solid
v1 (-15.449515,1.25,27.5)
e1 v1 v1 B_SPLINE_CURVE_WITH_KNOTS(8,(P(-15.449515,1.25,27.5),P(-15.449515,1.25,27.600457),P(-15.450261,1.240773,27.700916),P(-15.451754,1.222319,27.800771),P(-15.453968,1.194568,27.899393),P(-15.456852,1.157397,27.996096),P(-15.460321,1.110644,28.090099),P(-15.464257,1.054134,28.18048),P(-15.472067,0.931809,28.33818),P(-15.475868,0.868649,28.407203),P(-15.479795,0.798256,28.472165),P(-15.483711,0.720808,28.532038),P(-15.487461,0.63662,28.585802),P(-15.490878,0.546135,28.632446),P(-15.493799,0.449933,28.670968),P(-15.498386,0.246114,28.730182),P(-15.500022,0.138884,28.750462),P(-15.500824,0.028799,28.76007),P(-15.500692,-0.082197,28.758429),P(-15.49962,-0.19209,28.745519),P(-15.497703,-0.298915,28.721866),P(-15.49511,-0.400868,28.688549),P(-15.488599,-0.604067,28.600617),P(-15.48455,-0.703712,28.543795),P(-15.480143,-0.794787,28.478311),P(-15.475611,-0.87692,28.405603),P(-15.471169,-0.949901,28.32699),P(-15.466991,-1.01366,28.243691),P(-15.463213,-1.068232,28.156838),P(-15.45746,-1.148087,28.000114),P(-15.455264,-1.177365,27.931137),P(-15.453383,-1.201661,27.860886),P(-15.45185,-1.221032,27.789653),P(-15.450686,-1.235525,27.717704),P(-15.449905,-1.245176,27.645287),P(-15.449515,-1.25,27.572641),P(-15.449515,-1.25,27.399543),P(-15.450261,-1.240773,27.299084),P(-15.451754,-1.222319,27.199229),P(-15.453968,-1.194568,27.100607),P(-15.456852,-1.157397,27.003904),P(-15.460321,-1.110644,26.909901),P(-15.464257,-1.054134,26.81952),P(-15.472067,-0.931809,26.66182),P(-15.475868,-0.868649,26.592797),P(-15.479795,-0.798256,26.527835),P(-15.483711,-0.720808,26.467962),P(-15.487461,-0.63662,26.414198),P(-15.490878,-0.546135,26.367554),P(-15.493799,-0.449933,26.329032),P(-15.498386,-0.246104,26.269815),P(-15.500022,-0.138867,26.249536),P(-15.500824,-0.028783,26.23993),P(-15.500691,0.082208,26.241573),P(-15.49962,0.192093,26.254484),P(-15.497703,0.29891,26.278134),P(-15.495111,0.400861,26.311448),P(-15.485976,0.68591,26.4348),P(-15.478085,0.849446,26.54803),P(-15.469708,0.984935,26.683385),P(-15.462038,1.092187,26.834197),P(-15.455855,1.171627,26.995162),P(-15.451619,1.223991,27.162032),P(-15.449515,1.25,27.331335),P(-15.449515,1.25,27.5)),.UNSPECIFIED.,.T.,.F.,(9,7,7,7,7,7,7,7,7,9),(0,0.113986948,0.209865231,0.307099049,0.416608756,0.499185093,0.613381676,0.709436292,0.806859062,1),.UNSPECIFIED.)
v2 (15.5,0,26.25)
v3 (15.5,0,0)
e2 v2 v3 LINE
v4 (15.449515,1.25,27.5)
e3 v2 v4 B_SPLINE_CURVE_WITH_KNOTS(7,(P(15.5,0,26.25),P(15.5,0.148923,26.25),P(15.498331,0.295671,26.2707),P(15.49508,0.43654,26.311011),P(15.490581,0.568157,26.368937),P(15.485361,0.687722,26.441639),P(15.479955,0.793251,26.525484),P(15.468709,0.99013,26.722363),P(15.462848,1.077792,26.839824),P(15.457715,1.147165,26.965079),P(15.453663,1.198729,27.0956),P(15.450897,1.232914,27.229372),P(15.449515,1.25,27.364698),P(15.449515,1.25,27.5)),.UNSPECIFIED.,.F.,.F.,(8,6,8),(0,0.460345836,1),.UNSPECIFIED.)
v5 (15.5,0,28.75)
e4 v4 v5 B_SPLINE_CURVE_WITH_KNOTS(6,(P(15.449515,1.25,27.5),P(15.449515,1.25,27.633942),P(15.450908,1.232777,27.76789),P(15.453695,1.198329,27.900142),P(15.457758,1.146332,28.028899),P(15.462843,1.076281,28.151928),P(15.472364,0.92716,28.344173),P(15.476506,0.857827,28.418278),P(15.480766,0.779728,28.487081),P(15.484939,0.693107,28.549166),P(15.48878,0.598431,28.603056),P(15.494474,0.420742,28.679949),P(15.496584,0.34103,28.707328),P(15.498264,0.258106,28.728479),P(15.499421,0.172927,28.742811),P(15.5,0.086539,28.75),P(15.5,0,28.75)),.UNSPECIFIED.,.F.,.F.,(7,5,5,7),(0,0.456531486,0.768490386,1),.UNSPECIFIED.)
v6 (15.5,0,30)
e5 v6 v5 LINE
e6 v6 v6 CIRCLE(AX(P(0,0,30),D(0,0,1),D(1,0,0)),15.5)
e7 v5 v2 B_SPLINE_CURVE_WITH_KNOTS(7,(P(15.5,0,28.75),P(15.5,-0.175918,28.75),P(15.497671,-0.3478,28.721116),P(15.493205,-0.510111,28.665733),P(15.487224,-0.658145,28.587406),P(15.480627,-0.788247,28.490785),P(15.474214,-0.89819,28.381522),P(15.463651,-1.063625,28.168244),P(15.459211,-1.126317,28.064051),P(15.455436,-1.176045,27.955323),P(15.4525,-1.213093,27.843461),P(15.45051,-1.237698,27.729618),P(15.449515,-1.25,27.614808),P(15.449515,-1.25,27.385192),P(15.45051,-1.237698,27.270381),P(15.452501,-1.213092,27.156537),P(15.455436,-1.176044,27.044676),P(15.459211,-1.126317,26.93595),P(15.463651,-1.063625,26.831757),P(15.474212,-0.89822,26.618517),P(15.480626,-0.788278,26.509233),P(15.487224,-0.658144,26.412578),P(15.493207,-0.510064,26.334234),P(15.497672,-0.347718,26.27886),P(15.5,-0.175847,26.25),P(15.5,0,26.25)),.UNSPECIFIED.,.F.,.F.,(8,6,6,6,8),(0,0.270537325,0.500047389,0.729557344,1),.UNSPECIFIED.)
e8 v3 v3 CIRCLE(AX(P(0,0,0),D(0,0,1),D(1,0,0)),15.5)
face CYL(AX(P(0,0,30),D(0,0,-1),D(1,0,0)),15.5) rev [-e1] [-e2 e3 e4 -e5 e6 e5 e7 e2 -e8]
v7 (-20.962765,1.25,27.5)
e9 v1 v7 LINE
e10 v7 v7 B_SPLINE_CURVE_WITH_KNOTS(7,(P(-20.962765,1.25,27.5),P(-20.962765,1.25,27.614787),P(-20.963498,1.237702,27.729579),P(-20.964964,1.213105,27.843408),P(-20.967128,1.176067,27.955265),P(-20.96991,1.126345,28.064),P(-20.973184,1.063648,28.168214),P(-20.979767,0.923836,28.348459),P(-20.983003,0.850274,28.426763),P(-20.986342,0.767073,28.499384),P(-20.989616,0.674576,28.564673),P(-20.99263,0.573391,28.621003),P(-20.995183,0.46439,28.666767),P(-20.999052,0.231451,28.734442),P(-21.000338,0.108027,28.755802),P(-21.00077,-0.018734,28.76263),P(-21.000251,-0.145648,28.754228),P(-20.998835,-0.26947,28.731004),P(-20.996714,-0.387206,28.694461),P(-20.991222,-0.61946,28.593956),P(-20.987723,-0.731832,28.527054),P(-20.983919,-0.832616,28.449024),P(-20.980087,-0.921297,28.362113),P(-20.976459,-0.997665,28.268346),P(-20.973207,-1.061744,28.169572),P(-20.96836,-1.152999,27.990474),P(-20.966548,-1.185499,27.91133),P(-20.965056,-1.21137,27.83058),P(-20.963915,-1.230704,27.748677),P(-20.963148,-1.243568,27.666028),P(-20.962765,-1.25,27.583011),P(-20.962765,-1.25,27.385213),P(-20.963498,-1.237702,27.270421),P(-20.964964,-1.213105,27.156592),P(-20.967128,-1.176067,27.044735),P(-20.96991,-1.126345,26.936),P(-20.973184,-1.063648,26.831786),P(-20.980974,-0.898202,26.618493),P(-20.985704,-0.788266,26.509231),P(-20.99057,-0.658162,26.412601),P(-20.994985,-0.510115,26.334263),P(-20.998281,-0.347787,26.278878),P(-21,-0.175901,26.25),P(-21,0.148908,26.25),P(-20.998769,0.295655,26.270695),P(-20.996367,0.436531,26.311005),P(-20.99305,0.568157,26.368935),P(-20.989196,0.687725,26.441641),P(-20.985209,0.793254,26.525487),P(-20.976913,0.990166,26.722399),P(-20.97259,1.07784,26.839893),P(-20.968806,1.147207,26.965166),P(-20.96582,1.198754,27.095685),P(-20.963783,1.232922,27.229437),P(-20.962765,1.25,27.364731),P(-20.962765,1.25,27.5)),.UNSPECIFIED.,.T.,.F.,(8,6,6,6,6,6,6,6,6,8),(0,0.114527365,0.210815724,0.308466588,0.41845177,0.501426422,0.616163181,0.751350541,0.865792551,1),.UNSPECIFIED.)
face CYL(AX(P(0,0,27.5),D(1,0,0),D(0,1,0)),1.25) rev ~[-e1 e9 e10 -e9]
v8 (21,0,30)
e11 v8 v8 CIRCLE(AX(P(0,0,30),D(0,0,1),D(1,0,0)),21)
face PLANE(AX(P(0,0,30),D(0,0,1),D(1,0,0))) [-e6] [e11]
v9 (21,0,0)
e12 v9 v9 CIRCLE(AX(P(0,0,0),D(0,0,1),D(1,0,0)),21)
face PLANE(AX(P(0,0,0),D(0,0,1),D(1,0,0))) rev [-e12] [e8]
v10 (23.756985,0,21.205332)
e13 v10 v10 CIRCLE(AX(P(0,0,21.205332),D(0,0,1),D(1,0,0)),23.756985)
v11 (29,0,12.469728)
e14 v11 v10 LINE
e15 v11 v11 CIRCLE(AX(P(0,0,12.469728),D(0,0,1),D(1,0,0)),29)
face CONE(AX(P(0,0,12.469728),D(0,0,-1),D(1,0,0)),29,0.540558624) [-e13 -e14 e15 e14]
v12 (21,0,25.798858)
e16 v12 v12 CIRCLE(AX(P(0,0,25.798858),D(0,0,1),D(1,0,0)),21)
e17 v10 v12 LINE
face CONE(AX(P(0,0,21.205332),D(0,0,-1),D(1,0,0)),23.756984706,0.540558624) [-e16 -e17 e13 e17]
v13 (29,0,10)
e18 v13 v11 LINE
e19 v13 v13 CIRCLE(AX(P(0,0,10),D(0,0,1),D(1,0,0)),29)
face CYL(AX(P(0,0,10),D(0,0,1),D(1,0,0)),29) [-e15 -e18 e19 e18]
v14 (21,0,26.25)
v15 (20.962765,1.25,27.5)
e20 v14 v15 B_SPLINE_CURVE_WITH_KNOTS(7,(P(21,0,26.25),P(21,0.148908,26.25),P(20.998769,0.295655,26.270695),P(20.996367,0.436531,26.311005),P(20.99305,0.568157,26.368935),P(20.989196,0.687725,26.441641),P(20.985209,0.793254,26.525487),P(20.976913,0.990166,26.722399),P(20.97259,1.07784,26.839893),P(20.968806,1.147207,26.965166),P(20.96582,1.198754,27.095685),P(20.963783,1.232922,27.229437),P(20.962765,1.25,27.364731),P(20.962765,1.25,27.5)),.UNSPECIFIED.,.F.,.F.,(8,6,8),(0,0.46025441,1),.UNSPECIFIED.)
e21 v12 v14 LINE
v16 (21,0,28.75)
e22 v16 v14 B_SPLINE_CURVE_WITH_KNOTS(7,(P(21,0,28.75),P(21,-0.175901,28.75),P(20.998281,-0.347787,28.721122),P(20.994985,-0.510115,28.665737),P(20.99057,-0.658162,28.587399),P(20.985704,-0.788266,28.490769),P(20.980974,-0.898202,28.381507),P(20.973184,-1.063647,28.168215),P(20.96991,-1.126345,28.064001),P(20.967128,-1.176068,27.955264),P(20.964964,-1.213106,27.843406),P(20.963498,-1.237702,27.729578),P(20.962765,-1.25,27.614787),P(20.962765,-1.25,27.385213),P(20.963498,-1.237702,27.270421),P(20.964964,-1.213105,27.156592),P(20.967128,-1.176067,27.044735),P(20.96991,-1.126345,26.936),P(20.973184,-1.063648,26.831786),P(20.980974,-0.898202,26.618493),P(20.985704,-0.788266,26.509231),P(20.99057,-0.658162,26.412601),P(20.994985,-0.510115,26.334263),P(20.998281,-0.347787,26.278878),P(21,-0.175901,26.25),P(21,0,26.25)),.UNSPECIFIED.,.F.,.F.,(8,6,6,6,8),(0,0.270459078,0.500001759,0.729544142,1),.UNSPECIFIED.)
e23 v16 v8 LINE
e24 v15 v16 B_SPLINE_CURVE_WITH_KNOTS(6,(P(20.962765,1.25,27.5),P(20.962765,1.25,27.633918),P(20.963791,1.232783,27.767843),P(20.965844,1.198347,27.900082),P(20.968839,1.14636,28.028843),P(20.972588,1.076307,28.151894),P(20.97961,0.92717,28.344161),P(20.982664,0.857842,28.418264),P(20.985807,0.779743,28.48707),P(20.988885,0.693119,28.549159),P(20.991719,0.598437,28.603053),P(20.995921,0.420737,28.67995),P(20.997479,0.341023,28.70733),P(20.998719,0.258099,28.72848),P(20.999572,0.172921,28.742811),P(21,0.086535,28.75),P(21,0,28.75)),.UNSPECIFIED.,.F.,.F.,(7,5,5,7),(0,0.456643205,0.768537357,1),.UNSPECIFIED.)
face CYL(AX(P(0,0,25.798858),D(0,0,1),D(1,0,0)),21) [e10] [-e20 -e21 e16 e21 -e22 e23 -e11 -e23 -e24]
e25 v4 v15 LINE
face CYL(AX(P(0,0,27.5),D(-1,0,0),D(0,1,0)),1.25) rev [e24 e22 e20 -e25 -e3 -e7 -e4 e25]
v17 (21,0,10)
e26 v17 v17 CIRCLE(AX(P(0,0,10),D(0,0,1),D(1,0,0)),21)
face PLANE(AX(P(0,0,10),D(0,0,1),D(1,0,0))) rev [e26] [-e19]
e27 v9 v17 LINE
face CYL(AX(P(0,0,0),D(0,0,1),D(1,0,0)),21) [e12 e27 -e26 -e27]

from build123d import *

# Parameters (mm, degrees)
F2_R          = 1.25
F3_DEPTH      = 29.001
F3_DEPTH_BACK = 25


with BuildPart() as f1:
    # F0 (on Front) → F1 (revolve)
    with BuildSketch(Plane.XZ):
        Polygon((21, 21.2053321302), (21, 10), (29, 10), (29, 12.4697282932), (23.756984706, 21.2053321302), align=None)
        Polygon((21, 25.7988579593), (21, 21.2053321302), (23.756984706, 21.2053321302), align=None)
        Polygon((15.5, 30), (15.5, 0), (21, 0), (21, 10), (21, 21.2053321302), (21, 25.7988579593), (21, 30), align=None)
    revolve(axis=Axis((0, 0, 17.8434439003), (0, 0, 1)))

    # F2 (on Right) → F3 (cut, two sides)
    with BuildSketch(Plane.YZ) as f3_sk:
        with Locations((0, 27.5)):
            Circle(F2_R)
    extrude(amount=-F3_DEPTH, mode=Mode.SUBTRACT)
    extrude(f3_sk.sketch, amount=F3_DEPTH_BACK, mode=Mode.SUBTRACT)


solid = f1.part
